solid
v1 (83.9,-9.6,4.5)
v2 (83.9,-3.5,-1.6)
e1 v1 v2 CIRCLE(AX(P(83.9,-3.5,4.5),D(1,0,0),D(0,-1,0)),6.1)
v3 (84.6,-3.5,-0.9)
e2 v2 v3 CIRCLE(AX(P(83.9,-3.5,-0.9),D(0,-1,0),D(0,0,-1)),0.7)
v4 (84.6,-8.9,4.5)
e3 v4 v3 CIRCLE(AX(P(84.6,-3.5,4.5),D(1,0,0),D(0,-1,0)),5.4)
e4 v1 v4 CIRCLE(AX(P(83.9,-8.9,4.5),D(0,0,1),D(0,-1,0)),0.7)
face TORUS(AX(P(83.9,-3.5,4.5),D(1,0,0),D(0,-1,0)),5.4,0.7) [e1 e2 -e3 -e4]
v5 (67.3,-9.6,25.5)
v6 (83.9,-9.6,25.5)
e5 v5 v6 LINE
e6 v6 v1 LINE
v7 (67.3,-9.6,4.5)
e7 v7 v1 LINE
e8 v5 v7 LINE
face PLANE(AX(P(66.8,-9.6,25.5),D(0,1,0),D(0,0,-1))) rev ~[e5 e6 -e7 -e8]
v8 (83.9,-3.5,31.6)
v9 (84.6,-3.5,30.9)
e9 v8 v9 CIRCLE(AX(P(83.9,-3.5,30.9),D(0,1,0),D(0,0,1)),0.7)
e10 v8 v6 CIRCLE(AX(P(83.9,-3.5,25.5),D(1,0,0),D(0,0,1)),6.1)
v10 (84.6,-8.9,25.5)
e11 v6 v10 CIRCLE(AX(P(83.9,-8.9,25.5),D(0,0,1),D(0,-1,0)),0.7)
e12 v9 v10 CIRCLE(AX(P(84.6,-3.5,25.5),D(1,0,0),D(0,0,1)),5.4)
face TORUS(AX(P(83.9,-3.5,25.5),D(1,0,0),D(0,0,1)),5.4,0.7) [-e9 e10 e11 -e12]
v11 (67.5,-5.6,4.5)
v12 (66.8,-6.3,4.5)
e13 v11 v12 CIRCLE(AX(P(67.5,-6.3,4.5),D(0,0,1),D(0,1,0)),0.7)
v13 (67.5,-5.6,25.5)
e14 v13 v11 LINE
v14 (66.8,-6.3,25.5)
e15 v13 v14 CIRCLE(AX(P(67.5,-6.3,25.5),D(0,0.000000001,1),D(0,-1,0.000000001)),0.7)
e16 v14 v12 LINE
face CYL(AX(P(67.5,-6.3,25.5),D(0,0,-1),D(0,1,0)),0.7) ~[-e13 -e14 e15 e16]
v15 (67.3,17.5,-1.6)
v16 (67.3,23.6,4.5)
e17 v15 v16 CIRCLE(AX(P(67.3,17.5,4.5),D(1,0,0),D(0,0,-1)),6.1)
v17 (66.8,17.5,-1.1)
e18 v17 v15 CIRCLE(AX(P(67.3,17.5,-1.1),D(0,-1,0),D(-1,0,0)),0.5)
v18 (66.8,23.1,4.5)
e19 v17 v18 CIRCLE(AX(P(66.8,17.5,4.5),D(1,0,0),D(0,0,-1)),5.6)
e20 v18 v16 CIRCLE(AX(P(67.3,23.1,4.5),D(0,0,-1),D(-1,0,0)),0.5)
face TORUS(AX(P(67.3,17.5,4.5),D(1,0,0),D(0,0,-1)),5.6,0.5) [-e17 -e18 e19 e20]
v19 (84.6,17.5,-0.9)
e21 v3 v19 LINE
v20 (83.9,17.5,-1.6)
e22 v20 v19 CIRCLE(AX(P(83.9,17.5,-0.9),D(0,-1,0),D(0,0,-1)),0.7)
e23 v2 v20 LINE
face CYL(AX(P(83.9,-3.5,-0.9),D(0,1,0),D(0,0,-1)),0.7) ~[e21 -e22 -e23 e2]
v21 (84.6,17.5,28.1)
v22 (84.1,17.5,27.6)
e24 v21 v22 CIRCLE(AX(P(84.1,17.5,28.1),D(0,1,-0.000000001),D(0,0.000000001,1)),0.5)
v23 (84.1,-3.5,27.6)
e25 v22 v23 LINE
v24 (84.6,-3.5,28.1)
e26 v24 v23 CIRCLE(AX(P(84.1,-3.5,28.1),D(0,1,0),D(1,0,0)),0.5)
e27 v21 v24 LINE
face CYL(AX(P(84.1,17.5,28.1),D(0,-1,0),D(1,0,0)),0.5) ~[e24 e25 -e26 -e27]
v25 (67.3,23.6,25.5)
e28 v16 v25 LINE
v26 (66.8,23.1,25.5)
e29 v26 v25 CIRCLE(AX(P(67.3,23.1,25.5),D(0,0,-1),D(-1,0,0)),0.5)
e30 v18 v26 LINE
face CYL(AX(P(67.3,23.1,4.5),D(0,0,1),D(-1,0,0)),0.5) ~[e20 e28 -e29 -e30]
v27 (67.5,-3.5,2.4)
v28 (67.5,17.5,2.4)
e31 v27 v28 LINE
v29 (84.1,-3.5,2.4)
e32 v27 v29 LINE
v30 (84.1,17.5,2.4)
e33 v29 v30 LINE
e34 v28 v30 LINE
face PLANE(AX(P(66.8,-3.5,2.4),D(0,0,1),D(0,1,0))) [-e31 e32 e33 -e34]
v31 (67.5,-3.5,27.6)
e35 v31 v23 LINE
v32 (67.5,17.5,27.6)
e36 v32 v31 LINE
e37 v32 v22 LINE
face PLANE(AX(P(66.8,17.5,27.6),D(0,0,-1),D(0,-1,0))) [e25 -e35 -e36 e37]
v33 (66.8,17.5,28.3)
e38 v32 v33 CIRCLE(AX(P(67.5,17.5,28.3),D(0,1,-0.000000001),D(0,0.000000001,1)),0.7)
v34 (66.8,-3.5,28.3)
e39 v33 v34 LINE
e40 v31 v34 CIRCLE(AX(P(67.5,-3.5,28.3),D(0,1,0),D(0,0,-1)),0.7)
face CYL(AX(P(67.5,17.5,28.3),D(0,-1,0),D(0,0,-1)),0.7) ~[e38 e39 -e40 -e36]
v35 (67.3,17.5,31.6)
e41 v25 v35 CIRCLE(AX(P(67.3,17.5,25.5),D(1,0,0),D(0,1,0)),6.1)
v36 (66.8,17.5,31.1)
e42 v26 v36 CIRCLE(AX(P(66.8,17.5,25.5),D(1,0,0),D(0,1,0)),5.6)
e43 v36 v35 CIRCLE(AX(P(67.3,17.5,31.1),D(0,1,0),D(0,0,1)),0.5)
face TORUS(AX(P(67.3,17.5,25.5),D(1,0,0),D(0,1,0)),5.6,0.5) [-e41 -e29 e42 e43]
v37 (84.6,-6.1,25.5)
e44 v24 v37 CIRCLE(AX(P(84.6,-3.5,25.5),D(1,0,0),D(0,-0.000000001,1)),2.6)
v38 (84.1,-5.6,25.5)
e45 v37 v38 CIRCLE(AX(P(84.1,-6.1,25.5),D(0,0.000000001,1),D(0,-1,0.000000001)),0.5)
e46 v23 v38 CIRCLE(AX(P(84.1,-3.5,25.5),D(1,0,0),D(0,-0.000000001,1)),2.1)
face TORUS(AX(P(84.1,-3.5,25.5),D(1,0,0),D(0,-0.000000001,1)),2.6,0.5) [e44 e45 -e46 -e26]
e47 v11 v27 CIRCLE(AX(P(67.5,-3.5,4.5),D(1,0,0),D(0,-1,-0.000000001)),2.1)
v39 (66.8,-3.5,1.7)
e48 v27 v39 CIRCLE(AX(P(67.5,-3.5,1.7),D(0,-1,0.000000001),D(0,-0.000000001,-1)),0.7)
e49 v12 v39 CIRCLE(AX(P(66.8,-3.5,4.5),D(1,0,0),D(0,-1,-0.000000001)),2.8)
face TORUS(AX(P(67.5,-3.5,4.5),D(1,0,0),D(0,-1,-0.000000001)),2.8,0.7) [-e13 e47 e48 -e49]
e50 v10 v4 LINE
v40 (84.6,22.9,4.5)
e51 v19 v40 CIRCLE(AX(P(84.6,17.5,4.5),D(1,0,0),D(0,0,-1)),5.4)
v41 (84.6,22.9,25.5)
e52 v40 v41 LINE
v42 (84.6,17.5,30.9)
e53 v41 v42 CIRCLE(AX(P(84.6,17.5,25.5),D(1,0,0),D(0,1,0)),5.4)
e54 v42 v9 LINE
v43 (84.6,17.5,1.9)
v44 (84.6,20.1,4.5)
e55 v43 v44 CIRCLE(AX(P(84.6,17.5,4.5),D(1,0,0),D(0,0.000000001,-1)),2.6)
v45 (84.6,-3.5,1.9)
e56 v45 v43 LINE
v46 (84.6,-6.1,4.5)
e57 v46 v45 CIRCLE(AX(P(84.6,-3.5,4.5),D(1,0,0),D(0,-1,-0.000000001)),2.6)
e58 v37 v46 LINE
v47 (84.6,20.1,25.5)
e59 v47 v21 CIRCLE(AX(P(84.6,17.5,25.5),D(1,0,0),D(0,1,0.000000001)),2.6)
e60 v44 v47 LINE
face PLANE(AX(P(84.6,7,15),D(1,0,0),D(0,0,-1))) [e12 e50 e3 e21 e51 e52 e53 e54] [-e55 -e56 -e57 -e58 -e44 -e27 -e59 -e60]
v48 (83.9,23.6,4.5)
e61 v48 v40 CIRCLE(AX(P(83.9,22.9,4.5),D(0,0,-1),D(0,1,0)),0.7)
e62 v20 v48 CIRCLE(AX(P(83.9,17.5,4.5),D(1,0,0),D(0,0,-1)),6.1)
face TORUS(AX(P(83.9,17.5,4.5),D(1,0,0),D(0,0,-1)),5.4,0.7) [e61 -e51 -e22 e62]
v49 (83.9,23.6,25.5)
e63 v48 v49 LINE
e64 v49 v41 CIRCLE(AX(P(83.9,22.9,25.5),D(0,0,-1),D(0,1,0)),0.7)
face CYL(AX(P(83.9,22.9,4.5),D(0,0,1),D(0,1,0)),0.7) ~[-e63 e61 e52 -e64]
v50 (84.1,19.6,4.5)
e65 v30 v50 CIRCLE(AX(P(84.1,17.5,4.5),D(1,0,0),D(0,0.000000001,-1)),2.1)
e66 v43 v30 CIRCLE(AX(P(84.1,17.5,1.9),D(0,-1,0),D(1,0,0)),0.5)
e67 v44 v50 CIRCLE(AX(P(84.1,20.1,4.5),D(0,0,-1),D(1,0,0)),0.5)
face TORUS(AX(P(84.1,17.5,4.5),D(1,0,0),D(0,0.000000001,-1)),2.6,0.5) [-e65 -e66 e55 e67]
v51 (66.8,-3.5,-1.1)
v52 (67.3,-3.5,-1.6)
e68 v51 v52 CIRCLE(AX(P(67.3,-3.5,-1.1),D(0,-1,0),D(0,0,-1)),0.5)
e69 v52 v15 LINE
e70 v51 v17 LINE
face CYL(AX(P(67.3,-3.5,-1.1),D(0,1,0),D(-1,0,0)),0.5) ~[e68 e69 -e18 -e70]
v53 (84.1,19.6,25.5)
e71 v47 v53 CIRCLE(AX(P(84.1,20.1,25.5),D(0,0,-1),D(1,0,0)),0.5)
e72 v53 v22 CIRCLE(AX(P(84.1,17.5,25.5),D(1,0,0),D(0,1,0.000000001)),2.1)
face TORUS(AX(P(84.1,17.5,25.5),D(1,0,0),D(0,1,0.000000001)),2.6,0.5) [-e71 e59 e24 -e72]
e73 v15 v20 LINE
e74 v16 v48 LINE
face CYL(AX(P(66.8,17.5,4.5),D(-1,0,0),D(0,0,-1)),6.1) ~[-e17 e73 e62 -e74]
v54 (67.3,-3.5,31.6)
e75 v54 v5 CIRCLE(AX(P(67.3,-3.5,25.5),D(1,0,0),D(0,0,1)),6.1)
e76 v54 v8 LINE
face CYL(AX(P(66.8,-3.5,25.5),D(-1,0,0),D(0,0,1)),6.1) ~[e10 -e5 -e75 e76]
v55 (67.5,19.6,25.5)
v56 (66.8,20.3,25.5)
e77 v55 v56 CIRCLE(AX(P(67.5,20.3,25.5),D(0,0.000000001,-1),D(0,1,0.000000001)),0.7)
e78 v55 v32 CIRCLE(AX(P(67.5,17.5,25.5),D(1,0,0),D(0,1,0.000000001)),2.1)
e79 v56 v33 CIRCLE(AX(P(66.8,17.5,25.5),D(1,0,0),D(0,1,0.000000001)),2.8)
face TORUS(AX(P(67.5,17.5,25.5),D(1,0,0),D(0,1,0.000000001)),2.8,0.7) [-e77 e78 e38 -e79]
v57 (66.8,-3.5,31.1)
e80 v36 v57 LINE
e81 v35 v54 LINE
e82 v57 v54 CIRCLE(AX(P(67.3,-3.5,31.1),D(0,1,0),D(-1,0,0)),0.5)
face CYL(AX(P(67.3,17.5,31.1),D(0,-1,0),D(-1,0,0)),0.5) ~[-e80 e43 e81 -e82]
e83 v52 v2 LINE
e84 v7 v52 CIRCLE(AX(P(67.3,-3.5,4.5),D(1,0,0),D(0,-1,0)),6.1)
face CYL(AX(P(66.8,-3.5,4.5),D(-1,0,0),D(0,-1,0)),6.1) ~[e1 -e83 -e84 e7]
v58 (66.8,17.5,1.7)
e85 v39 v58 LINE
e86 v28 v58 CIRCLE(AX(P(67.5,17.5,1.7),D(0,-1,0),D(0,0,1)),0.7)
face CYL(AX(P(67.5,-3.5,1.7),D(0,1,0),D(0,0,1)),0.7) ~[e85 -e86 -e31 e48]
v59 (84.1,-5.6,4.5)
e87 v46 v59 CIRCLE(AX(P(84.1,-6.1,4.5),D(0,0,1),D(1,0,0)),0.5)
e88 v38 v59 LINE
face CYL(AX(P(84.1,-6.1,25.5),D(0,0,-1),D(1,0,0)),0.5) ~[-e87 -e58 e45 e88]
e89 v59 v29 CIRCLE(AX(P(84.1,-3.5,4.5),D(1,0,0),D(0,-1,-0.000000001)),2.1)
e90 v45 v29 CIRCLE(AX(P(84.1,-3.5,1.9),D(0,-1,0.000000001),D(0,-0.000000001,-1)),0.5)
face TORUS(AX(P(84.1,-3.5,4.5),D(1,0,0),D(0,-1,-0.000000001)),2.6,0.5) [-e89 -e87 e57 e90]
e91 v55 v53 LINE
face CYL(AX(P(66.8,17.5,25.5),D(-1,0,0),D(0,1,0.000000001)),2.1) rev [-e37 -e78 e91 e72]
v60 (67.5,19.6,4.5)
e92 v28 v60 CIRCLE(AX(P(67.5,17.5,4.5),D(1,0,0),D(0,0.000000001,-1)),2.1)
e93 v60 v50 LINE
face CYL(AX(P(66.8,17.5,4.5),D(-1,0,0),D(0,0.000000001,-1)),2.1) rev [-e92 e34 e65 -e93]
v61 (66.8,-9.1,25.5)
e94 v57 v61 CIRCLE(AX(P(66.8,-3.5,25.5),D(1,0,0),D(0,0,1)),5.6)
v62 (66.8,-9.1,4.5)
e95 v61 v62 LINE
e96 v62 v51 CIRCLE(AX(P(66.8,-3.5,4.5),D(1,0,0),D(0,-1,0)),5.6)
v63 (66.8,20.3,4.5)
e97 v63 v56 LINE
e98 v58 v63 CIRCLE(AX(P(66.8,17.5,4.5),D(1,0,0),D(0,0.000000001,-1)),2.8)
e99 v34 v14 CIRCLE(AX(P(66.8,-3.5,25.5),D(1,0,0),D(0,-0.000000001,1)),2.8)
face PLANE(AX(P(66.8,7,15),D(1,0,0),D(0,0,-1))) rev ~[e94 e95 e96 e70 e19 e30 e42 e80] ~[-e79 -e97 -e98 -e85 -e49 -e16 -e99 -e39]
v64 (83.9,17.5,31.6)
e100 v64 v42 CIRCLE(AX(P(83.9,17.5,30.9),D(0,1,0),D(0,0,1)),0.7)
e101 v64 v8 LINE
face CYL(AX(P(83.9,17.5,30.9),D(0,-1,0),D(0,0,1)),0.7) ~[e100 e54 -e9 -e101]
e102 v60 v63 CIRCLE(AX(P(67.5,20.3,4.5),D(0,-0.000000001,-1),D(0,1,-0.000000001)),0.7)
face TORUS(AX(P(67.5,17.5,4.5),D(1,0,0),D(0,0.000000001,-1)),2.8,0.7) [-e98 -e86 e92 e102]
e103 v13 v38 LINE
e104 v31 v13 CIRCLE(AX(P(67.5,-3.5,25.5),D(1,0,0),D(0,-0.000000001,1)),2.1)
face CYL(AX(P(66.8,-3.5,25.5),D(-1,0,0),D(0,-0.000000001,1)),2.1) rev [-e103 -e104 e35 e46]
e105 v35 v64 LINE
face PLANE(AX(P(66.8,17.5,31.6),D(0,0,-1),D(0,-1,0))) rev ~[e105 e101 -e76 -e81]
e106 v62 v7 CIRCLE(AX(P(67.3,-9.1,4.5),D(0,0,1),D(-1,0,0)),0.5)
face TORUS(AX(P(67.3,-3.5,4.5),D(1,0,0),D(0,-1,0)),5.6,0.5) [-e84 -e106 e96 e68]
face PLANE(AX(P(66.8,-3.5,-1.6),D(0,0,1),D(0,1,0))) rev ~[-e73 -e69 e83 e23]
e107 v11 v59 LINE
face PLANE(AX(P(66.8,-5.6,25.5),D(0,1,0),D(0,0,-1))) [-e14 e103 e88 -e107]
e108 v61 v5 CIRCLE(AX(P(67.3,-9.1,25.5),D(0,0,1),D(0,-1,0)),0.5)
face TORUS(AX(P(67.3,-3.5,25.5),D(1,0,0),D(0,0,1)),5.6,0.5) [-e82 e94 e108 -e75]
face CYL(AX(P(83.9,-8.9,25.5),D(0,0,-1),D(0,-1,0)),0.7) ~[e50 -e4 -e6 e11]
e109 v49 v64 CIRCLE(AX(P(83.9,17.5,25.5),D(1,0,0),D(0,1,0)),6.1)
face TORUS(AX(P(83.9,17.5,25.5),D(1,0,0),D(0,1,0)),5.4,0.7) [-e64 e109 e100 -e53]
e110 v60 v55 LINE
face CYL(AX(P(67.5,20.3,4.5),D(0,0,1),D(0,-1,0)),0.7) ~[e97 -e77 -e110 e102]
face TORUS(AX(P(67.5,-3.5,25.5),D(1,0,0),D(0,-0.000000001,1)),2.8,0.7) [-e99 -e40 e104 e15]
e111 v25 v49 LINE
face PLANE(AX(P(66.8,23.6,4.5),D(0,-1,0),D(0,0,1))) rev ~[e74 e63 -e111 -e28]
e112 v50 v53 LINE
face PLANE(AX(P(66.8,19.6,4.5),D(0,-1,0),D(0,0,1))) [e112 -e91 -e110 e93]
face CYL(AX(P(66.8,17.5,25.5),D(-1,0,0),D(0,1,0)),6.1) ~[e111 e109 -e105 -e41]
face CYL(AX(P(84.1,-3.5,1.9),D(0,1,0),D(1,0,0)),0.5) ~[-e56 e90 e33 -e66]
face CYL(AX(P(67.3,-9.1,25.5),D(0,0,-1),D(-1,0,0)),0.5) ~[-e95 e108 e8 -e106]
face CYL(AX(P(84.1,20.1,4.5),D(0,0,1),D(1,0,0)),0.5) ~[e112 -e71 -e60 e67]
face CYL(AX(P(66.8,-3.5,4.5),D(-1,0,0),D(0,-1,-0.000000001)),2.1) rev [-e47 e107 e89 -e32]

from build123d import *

# Parameters (mm, degrees)
BOSS_EXTRUDE1_DEPTH      = 12
BOSS_EXTRUDE1_DEPTH_BACK = 5.8
FILLET2_R                = 0.7
FILLET3_R                = 0.5


with BuildPart() as part:
    # Sketch1 → Boss-Extrude1 (new, two sides: drawn at the far end of the back side and taken through both)
    with BuildSketch(Plane(origin=(72.6, 0, 0), x_dir=(0, 0, -1), z_dir=(1, 0, 0)).offset(-BOSS_EXTRUDE1_DEPTH_BACK)):
        with BuildLine():
            Line((-31.6, 17.5), (-31.6, -3.5))
            ThreePointArc((-31.6, -3.5), (-29.813351365, -7.813351365), (-25.5, -9.6))
            Line((-25.5, -9.6), (-4.5, -9.6))
            ThreePointArc((-4.5, -9.6), (-0.186648635, -7.813351365), (1.6, -3.5))
            Line((1.6, -3.5), (1.6, 17.5))
            ThreePointArc((1.6, 17.5), (-0.186648635, 21.813351365), (-4.5, 23.6))
            Line((-4.5, 23.6), (-25.5, 23.6))
            ThreePointArc((-25.5, 23.6), (-29.813351365, 21.813351365), (-31.6, 17.5))
        make_face()
        with BuildLine():
            Line((-27.6, 17.5), (-27.6, -3.5))
            ThreePointArc((-27.6, -3.5), (-26.98492424, -4.98492424), (-25.5, -5.6))
            Line((-25.5, -5.6), (-4.5, -5.6))
            ThreePointArc((-4.5, -5.6), (-3.01507576, -4.98492424), (-2.4, -3.5))
            Line((-2.4, -3.5), (-2.4, 17.5))
            ThreePointArc((-2.4, 17.5), (-3.01507576, 18.98492424), (-4.5, 19.6))
            Line((-4.5, 19.6), (-25.5, 19.6))
            ThreePointArc((-25.5, 19.6), (-26.98492424, 18.98492424), (-27.6, 17.5))
        make_face(mode=Mode.SUBTRACT)
    extrude(amount=BOSS_EXTRUDE1_DEPTH + BOSS_EXTRUDE1_DEPTH_BACK)

    # Fillet2
    fillet2_edges = [part.edges().sort_by_distance(p)[0] for p in [
        (66.8, 18.98492424, 26.98492424),
        (66.8, 7, 27.6),
        (66.8, -4.98492424, 26.98492424),
        (66.8, -5.6, 15),
        (84.6, 23.6, 15),
        (66.8, -4.98492424, 3.01507576),
        (66.8, 18.98492424, 3.01507576),
        (84.6, 21.813351365, 29.813351365),
        (66.8, 7, 2.4),
        (66.8, 19.6, 15),
        (84.6, 7, 31.6),
        (84.6, -7.813351365, 29.813351365),
        (84.6, -9.6, 15),
        (84.6, -7.813351365, 0.186648635),
        (84.6, 7, -1.6),
        (84.6, 21.813351365, 0.186648635),
    ]]
    fillet(fillet2_edges, radius=FILLET2_R)

    # Fillet3
    fillet3_edges = [part.edges().sort_by_distance(p)[0] for p in [
        (84.6, 19.6, 15),
        (84.6, 18.98492424, 3.01507576),
        (84.6, 7, 2.4),
        (84.6, -4.98492424, 3.01507576),
        (84.6, -5.6, 15),
        (84.6, -4.98492424, 26.98492424),
        (84.6, 7, 27.6),
        (66.8, 23.6, 15),
        (66.8, 7, -1.6),
        (66.8, 21.813351365, 0.186648635),
        (66.8, -7.813351365, 0.186648635),
        (66.8, -9.6, 15),
        (66.8, -7.813351365, 29.813351365),
        (66.8, 7, 31.6),
        (66.8, 21.813351365, 29.813351365),
        (84.6, 18.98492424, 26.98492424),
    ]]
    fillet(fillet3_edges, radius=FILLET3_R)


solid = part.part
